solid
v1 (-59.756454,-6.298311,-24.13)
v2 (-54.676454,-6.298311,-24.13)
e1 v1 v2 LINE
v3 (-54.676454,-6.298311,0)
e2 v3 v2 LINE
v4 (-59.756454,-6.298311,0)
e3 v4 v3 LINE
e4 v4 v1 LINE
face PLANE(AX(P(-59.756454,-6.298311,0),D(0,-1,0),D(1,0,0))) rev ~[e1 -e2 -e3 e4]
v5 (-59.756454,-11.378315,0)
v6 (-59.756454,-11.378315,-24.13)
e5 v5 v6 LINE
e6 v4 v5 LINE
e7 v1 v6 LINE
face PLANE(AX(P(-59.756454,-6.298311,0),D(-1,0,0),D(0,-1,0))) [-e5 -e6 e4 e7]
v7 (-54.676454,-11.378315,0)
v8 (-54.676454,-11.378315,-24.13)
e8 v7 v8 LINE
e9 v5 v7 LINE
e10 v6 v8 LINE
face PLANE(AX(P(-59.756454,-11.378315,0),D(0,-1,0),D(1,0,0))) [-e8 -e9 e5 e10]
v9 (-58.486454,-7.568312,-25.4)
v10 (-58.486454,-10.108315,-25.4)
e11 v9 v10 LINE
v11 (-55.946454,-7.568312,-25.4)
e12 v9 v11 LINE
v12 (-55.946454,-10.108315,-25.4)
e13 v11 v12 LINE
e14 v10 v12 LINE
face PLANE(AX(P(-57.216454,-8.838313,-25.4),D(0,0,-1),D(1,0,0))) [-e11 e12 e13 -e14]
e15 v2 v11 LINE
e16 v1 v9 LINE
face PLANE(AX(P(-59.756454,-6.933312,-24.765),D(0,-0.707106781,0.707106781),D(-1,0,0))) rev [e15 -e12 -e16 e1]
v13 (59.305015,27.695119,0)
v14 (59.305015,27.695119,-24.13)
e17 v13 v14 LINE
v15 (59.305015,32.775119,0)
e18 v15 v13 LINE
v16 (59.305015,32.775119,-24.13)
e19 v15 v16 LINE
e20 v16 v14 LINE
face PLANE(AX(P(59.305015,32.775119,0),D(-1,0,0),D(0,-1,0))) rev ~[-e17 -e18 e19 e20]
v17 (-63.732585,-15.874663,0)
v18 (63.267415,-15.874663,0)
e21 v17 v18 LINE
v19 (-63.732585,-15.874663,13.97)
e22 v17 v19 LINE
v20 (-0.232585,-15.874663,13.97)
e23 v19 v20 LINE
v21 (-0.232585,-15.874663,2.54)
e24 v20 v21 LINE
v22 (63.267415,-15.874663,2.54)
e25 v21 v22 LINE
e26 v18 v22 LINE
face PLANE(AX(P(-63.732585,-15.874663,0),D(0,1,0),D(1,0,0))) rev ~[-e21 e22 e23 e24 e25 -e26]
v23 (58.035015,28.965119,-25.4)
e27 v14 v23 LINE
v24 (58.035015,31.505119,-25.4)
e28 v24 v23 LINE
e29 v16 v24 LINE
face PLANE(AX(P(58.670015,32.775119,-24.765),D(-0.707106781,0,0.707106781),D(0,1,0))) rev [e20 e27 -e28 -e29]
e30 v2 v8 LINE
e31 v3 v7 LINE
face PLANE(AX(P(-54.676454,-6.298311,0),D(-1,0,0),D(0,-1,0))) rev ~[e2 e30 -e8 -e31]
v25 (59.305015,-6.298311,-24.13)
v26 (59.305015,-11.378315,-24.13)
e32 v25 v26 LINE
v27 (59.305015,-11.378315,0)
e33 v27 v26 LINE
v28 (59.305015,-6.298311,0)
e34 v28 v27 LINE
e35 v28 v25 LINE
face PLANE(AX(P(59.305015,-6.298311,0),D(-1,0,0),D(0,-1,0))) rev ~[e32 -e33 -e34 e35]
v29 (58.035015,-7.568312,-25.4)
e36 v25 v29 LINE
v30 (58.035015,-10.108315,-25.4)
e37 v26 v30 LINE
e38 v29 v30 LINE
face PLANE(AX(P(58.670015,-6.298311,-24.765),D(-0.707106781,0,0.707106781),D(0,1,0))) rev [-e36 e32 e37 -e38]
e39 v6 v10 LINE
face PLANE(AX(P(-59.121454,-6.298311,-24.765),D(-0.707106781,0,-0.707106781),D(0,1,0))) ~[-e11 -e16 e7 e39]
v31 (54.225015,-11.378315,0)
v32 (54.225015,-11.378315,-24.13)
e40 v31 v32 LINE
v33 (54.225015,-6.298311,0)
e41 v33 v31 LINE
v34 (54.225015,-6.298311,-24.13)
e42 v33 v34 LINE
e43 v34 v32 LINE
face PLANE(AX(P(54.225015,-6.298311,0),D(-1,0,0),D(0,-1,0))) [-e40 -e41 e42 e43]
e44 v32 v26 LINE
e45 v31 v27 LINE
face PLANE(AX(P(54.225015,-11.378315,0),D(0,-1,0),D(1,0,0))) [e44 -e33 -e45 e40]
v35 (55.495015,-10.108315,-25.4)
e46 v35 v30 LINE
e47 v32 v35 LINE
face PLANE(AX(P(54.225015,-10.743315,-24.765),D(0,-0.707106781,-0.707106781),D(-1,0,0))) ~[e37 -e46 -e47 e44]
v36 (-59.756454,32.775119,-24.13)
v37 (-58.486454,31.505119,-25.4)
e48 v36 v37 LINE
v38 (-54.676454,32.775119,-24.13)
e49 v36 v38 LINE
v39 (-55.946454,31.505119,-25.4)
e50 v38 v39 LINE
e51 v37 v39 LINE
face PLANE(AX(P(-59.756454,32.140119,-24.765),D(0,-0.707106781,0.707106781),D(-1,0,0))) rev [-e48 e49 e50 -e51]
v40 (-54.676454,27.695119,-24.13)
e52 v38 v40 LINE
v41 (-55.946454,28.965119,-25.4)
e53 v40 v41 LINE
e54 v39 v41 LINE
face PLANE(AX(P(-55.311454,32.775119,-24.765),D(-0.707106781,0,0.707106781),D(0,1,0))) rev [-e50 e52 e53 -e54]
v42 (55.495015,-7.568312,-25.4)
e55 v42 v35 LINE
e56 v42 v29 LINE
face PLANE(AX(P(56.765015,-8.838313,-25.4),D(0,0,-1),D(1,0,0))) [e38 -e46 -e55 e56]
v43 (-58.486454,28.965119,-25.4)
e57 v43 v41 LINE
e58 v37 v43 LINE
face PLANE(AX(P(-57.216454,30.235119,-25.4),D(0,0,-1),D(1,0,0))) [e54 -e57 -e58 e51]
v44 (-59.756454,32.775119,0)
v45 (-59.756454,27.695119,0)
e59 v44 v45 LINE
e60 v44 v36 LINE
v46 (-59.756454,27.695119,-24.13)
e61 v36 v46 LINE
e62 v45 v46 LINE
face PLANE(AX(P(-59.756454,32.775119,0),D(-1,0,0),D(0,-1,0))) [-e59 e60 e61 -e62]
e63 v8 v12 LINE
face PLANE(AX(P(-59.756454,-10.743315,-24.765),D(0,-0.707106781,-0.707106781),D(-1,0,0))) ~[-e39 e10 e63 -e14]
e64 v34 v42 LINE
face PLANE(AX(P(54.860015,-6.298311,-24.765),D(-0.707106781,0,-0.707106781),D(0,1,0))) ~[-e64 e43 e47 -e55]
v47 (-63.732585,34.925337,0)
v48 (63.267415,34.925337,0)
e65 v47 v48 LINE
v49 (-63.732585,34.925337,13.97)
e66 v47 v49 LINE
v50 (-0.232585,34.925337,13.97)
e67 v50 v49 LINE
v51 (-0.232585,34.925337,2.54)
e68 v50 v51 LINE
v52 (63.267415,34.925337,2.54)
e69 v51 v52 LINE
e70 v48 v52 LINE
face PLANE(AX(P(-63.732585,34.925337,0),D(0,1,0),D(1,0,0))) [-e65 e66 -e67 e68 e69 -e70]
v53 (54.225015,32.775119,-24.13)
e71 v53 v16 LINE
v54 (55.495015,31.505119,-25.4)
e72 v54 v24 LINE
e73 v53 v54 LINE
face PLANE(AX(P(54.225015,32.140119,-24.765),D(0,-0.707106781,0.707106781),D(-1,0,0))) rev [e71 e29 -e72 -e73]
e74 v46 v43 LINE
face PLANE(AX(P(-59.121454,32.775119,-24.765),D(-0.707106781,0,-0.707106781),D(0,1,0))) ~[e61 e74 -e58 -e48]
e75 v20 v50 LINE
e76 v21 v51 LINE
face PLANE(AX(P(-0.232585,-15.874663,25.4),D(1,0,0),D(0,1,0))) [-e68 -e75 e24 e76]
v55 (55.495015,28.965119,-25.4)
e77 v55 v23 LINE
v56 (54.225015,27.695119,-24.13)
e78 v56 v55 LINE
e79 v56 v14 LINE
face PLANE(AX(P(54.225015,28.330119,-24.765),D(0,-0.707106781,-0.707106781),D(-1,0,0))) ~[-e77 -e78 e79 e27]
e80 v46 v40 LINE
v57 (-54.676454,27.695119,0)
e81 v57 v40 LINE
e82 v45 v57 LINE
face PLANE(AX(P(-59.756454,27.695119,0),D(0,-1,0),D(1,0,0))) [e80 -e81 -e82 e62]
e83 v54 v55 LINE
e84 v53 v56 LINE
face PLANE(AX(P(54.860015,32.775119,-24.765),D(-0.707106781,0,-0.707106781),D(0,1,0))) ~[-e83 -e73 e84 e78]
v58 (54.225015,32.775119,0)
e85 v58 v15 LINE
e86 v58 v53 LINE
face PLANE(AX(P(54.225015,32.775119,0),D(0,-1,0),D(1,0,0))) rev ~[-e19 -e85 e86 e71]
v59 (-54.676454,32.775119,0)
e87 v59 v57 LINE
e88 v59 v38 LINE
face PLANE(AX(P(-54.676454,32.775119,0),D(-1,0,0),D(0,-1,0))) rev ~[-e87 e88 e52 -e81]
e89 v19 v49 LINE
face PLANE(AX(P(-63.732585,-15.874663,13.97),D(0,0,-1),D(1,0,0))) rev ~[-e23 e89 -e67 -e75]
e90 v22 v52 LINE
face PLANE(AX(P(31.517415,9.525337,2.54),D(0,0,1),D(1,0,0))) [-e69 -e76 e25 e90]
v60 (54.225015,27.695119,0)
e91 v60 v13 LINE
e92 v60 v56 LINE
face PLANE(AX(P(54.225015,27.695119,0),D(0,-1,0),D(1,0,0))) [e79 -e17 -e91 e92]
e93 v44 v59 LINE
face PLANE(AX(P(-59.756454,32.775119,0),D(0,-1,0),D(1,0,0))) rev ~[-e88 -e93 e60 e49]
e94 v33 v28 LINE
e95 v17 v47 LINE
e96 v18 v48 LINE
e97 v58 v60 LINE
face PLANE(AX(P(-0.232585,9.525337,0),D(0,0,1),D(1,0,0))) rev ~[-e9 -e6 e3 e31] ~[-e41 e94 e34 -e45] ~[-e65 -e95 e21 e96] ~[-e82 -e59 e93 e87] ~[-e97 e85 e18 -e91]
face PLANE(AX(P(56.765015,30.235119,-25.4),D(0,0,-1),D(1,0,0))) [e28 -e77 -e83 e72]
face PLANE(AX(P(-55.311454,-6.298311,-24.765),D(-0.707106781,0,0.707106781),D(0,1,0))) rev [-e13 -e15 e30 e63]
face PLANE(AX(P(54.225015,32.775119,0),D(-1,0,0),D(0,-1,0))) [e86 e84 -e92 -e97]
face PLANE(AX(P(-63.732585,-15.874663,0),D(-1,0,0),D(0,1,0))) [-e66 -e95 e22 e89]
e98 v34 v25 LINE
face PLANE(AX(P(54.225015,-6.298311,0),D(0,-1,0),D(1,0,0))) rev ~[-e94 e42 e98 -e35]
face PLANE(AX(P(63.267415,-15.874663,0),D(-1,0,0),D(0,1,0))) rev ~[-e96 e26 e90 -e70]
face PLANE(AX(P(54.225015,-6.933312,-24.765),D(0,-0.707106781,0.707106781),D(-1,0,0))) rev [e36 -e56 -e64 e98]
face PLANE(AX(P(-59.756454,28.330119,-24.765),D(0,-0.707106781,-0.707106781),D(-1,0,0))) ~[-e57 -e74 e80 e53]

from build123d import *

# Parameters (mm, degrees)
F0_W     = 127
F0_H     = 50.8
F1_DEPTH = 25.4
F2_W     = 63.5
F2_H     = 50.8
F3_DEPTH = 22.86
F4_W     = 5.08
F4_H     = 5.080003
F4_H_2   = 5.08
F5_DEPTH = 25.4
F6_SIZE  = 1.27
F7_W     = 63.5
F7_H     = 11.43
F8_DEPTH = 62.484


with BuildPart() as f1:
    # F0 (on Top) → F1 (new body)
    with BuildSketch(Plane.XY):
        with Locations((-0.232585, 9.525337)):
            Rectangle(F0_W, F0_H)
    extrude(amount=F1_DEPTH)

    # F2 (on face) → F3 (cut)
    with BuildSketch(Plane.XY.offset(25.4)):
        with Locations((31.517415, 9.525337)):
            Rectangle(F2_W, F2_H)
    extrude(amount=-F3_DEPTH, mode=Mode.SUBTRACT)

    # F4 (on face) → F5 (join)
    with BuildSketch(Plane(origin=(0, 0, 0), x_dir=(1, 0, 0), z_dir=(0, 0, -1))):
        with Locations((-57.216454, 8.838313)):
            Rectangle(F4_W, F4_H)
        with Locations((-57.216454, -30.235119)):
            Rectangle(F4_W, F4_H_2)
        with Locations((56.765015, 8.838313)):
            Rectangle(F4_W, F4_H)
        with Locations((56.765015, -30.235119)):
            Rectangle(F4_W, F4_H_2)
    extrude(amount=F5_DEPTH)

    # F6
    f6_edges = [f1.edges().sort_by_distance(p)[0] for p in [
        (-54.676454, 30.235119, -25.4),
        (-57.216454, 27.695119, -25.4),
        (-59.756454, 30.235119, -25.4),
        (-57.216454, 32.775119, -25.4),
        (59.305015, 30.235119, -25.4),
        (56.765015, 32.775119, -25.4),
        (54.225015, 30.235119, -25.4),
        (56.765015, 27.695119, -25.4),
        (59.305015, -8.838314, -25.4),
        (56.765015, -6.298312, -25.4),
        (54.225015, -8.838314, -25.4),
        (56.765015, -11.378315, -25.4),
        (-54.676454, -8.838314, -25.4),
        (-57.216454, -6.298312, -25.4),
        (-59.756454, -8.838314, -25.4),
        (-57.216454, -11.378315, -25.4),
    ]]
    chamfer(f6_edges, length=F6_SIZE)

    # F7 (on face) → F8 (cut)
    with BuildSketch(Plane.XZ.offset(15.874663)):
        with Locations((-31.982585, 19.685)):
            Rectangle(F7_W, F7_H)
    extrude(amount=-F8_DEPTH, mode=Mode.SUBTRACT)


solid = f1.part
